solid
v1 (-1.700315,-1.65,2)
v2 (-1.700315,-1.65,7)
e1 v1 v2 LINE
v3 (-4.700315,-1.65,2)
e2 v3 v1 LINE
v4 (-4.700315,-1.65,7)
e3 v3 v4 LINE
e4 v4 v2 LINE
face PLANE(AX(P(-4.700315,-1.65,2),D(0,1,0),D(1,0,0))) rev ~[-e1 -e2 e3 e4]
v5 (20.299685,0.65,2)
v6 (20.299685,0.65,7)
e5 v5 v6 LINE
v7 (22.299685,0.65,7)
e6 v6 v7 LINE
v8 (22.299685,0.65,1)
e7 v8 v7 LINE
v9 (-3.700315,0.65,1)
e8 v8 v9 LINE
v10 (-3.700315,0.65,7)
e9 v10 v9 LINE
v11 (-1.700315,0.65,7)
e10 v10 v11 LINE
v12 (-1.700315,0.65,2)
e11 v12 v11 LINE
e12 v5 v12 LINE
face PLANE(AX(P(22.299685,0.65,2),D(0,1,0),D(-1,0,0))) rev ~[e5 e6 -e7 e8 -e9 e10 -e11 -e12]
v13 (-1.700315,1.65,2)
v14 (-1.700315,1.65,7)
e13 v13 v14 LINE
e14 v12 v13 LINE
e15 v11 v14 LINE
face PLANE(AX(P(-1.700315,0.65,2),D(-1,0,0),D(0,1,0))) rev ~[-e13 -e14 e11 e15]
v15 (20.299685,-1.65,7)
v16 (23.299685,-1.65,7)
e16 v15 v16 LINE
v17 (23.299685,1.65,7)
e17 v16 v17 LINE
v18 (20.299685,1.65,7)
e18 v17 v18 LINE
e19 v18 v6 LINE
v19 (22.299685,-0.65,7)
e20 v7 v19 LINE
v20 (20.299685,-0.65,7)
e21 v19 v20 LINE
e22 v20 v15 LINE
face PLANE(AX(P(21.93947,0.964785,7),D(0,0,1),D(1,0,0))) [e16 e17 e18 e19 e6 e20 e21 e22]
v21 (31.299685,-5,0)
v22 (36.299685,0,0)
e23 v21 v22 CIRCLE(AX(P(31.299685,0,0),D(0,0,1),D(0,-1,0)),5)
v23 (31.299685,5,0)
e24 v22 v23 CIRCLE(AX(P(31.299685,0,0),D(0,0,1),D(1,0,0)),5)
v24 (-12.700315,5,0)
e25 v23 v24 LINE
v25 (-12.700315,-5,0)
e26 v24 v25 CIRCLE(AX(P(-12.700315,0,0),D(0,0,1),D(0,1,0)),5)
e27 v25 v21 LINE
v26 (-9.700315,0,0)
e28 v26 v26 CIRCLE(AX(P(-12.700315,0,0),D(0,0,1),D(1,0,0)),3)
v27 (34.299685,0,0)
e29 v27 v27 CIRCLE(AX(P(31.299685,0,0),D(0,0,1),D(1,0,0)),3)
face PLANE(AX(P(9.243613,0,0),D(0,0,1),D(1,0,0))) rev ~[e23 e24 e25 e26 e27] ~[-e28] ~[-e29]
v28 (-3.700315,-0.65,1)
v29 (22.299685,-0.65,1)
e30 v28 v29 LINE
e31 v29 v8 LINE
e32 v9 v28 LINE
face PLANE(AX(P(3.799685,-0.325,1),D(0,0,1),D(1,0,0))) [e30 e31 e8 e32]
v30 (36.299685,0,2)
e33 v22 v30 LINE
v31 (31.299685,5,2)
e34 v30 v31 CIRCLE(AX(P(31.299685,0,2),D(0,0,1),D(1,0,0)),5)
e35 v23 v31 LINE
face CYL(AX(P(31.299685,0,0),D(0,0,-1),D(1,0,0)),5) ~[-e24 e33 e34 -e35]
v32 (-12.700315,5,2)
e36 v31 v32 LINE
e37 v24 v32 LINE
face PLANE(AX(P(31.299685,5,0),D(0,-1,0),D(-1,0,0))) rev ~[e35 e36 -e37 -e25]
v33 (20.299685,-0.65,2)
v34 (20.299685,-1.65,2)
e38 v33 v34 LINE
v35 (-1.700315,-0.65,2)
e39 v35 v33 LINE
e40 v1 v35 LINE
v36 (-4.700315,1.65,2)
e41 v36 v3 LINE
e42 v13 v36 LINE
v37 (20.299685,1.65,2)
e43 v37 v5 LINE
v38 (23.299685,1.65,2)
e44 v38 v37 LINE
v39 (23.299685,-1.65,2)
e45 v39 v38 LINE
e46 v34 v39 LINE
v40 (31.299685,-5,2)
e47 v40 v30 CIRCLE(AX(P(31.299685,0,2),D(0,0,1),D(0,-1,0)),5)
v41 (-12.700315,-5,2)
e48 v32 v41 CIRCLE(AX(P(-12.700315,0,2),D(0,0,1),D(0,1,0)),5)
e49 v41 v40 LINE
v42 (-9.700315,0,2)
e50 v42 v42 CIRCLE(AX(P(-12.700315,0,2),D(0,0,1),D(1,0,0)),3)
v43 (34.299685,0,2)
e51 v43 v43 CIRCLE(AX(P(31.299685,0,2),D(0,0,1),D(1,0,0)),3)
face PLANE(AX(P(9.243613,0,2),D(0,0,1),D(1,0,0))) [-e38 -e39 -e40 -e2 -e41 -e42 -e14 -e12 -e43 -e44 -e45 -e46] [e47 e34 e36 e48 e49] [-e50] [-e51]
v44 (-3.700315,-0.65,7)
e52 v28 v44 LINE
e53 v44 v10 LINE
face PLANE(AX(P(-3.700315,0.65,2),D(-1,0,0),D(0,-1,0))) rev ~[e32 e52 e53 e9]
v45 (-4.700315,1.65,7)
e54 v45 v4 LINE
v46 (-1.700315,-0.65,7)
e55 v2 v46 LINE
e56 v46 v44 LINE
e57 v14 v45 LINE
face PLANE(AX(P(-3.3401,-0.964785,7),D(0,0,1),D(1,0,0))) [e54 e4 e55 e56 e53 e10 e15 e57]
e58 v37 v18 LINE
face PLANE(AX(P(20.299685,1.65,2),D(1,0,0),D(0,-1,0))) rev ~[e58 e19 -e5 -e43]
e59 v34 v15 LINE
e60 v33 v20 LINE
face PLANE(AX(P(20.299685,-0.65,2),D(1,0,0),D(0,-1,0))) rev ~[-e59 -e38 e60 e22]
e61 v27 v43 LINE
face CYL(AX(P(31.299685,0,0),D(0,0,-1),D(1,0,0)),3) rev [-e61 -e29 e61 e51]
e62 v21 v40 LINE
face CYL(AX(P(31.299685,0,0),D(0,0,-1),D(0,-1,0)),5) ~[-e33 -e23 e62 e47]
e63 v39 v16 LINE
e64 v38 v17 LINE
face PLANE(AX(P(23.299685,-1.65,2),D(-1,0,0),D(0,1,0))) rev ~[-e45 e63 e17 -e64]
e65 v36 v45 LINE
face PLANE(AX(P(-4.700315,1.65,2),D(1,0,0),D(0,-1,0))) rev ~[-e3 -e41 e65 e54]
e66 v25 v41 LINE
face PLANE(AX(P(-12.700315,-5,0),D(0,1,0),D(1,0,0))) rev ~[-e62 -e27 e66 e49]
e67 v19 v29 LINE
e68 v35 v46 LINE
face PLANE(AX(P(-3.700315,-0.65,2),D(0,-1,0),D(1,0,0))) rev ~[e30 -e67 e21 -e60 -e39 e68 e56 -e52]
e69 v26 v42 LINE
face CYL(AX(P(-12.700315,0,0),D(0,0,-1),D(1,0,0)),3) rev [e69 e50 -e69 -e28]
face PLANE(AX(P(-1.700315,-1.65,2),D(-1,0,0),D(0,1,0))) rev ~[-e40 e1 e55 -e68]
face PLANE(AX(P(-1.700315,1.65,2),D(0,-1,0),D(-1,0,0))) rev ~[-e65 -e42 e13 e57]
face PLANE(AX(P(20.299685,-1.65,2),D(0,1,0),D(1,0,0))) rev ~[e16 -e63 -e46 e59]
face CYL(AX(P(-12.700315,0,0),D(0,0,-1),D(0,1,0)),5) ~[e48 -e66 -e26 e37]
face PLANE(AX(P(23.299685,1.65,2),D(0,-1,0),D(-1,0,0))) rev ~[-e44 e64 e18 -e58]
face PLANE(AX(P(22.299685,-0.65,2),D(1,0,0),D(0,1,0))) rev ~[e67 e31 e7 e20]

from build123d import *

# Parameters (mm, degrees)
F0_R     = 3
F1_DEPTH = 2
F3_DEPTH = 5
F2_W     = 11
F2_H     = 0.65
F2_W_2   = 2
F4_DEPTH = 1


with BuildPart() as f1:
    # F0 (on Top) → F1 (new body)
    with BuildSketch(Plane.XY):
        with BuildLine():
            ThreePointArc((31.2996847679, -5), (26.2996847679, 0), (31.2996847679, 5))
            Line((31.2996847679, 5), (-12.7003152321, 5))
            ThreePointArc((-12.7003152321, 5), (-9.1647813261, 3.5355339059), (-7.7003152321, 0))
            ThreePointArc((-7.7003152321, 0), (-9.1647813261, -3.5355339059), (-12.7003152321, -5))
            Line((-12.7003152321, -5), (31.2996847679, -5))
        make_face()
        with BuildLine():
            ThreePointArc((-7.7003152321, 0), (-9.1647813261, 3.5355339059), (-12.7003152321, 5))
            ThreePointArc((-12.7003152321, 5), (-17.7003152321, 0), (-12.7003152321, -5))
            ThreePointArc((-12.7003152321, -5), (-9.1647813261, -3.5355339059), (-7.7003152321, 0))
        make_face()
        with Locations((-12.7003152321, 0)):
            Circle(F0_R, mode=Mode.SUBTRACT)
        with BuildLine():
            ThreePointArc((31.2996847679, -5), (34.8352186739, -3.5355339059), (36.2996847679, 0))
            ThreePointArc((36.2996847679, 0), (34.8352186739, 3.5355339059), (31.2996847679, 5))
            ThreePointArc((31.2996847679, 5), (26.2996847679, 0), (31.2996847679, -5))
        make_face()
        with Locations((31.2996847679, 0)):
            Circle(F0_R, mode=Mode.SUBTRACT)
    extrude(amount=F1_DEPTH)

    # F2 (on face) → F3 (join)
    with BuildSketch(Plane.XY.offset(2)):
        Polygon((-3.7003152321, 0), (-4.7003152321, 0), (-4.7003152321, -1.65), (-1.7003152321, -1.65), (-1.7003152321, -0.65), (-3.7003152321, -0.65), align=None)
        Polygon((-1.7003152321, 0.65), (-1.7003152321, 1.65), (-4.7003152321, 1.65), (-4.7003152321, 0), (-3.7003152321, 0), (-3.7003152321, 0.65), align=None)
        Polygon((23.2996847679, 1.65), (20.2996847679, 1.65), (20.2996847679, 0.65), (22.2996847679, 0.65), (22.2996847679, 0), (23.2996847679, 0), align=None)
        Polygon((23.2996847679, -1.65), (23.2996847679, 0), (22.2996847679, 0), (22.2996847679, -0.65), (20.2996847679, -0.65), (20.2996847679, -1.65), align=None)
    extrude(amount=F3_DEPTH)

    # F2 (on face) → F4 (cut)
    with BuildSketch(Plane.XY.offset(2)):
        with Locations((3.7996847679, -0.325)):
            Rectangle(F2_W, F2_H)
        with Locations((3.7996847679, 0.325)):
            Rectangle(F2_W, F2_H)
        with Locations((-2.7003152321, -0.325)):
            Rectangle(F2_W_2, F2_H)
        with Locations((-2.7003152321, 0.325)):
            Rectangle(F2_W_2, F2_H)
        with Locations((14.7996847679, -0.325)):
            Rectangle(F2_W, F2_H)
        with Locations((14.7996847679, 0.325)):
            Rectangle(F2_W, F2_H)
        with Locations((21.2996847679, -0.325)):
            Rectangle(F2_W_2, F2_H)
        with Locations((21.2996847679, 0.325)):
            Rectangle(F2_W_2, F2_H)
    extrude(amount=-F4_DEPTH, mode=Mode.SUBTRACT)


solid = f1.part
